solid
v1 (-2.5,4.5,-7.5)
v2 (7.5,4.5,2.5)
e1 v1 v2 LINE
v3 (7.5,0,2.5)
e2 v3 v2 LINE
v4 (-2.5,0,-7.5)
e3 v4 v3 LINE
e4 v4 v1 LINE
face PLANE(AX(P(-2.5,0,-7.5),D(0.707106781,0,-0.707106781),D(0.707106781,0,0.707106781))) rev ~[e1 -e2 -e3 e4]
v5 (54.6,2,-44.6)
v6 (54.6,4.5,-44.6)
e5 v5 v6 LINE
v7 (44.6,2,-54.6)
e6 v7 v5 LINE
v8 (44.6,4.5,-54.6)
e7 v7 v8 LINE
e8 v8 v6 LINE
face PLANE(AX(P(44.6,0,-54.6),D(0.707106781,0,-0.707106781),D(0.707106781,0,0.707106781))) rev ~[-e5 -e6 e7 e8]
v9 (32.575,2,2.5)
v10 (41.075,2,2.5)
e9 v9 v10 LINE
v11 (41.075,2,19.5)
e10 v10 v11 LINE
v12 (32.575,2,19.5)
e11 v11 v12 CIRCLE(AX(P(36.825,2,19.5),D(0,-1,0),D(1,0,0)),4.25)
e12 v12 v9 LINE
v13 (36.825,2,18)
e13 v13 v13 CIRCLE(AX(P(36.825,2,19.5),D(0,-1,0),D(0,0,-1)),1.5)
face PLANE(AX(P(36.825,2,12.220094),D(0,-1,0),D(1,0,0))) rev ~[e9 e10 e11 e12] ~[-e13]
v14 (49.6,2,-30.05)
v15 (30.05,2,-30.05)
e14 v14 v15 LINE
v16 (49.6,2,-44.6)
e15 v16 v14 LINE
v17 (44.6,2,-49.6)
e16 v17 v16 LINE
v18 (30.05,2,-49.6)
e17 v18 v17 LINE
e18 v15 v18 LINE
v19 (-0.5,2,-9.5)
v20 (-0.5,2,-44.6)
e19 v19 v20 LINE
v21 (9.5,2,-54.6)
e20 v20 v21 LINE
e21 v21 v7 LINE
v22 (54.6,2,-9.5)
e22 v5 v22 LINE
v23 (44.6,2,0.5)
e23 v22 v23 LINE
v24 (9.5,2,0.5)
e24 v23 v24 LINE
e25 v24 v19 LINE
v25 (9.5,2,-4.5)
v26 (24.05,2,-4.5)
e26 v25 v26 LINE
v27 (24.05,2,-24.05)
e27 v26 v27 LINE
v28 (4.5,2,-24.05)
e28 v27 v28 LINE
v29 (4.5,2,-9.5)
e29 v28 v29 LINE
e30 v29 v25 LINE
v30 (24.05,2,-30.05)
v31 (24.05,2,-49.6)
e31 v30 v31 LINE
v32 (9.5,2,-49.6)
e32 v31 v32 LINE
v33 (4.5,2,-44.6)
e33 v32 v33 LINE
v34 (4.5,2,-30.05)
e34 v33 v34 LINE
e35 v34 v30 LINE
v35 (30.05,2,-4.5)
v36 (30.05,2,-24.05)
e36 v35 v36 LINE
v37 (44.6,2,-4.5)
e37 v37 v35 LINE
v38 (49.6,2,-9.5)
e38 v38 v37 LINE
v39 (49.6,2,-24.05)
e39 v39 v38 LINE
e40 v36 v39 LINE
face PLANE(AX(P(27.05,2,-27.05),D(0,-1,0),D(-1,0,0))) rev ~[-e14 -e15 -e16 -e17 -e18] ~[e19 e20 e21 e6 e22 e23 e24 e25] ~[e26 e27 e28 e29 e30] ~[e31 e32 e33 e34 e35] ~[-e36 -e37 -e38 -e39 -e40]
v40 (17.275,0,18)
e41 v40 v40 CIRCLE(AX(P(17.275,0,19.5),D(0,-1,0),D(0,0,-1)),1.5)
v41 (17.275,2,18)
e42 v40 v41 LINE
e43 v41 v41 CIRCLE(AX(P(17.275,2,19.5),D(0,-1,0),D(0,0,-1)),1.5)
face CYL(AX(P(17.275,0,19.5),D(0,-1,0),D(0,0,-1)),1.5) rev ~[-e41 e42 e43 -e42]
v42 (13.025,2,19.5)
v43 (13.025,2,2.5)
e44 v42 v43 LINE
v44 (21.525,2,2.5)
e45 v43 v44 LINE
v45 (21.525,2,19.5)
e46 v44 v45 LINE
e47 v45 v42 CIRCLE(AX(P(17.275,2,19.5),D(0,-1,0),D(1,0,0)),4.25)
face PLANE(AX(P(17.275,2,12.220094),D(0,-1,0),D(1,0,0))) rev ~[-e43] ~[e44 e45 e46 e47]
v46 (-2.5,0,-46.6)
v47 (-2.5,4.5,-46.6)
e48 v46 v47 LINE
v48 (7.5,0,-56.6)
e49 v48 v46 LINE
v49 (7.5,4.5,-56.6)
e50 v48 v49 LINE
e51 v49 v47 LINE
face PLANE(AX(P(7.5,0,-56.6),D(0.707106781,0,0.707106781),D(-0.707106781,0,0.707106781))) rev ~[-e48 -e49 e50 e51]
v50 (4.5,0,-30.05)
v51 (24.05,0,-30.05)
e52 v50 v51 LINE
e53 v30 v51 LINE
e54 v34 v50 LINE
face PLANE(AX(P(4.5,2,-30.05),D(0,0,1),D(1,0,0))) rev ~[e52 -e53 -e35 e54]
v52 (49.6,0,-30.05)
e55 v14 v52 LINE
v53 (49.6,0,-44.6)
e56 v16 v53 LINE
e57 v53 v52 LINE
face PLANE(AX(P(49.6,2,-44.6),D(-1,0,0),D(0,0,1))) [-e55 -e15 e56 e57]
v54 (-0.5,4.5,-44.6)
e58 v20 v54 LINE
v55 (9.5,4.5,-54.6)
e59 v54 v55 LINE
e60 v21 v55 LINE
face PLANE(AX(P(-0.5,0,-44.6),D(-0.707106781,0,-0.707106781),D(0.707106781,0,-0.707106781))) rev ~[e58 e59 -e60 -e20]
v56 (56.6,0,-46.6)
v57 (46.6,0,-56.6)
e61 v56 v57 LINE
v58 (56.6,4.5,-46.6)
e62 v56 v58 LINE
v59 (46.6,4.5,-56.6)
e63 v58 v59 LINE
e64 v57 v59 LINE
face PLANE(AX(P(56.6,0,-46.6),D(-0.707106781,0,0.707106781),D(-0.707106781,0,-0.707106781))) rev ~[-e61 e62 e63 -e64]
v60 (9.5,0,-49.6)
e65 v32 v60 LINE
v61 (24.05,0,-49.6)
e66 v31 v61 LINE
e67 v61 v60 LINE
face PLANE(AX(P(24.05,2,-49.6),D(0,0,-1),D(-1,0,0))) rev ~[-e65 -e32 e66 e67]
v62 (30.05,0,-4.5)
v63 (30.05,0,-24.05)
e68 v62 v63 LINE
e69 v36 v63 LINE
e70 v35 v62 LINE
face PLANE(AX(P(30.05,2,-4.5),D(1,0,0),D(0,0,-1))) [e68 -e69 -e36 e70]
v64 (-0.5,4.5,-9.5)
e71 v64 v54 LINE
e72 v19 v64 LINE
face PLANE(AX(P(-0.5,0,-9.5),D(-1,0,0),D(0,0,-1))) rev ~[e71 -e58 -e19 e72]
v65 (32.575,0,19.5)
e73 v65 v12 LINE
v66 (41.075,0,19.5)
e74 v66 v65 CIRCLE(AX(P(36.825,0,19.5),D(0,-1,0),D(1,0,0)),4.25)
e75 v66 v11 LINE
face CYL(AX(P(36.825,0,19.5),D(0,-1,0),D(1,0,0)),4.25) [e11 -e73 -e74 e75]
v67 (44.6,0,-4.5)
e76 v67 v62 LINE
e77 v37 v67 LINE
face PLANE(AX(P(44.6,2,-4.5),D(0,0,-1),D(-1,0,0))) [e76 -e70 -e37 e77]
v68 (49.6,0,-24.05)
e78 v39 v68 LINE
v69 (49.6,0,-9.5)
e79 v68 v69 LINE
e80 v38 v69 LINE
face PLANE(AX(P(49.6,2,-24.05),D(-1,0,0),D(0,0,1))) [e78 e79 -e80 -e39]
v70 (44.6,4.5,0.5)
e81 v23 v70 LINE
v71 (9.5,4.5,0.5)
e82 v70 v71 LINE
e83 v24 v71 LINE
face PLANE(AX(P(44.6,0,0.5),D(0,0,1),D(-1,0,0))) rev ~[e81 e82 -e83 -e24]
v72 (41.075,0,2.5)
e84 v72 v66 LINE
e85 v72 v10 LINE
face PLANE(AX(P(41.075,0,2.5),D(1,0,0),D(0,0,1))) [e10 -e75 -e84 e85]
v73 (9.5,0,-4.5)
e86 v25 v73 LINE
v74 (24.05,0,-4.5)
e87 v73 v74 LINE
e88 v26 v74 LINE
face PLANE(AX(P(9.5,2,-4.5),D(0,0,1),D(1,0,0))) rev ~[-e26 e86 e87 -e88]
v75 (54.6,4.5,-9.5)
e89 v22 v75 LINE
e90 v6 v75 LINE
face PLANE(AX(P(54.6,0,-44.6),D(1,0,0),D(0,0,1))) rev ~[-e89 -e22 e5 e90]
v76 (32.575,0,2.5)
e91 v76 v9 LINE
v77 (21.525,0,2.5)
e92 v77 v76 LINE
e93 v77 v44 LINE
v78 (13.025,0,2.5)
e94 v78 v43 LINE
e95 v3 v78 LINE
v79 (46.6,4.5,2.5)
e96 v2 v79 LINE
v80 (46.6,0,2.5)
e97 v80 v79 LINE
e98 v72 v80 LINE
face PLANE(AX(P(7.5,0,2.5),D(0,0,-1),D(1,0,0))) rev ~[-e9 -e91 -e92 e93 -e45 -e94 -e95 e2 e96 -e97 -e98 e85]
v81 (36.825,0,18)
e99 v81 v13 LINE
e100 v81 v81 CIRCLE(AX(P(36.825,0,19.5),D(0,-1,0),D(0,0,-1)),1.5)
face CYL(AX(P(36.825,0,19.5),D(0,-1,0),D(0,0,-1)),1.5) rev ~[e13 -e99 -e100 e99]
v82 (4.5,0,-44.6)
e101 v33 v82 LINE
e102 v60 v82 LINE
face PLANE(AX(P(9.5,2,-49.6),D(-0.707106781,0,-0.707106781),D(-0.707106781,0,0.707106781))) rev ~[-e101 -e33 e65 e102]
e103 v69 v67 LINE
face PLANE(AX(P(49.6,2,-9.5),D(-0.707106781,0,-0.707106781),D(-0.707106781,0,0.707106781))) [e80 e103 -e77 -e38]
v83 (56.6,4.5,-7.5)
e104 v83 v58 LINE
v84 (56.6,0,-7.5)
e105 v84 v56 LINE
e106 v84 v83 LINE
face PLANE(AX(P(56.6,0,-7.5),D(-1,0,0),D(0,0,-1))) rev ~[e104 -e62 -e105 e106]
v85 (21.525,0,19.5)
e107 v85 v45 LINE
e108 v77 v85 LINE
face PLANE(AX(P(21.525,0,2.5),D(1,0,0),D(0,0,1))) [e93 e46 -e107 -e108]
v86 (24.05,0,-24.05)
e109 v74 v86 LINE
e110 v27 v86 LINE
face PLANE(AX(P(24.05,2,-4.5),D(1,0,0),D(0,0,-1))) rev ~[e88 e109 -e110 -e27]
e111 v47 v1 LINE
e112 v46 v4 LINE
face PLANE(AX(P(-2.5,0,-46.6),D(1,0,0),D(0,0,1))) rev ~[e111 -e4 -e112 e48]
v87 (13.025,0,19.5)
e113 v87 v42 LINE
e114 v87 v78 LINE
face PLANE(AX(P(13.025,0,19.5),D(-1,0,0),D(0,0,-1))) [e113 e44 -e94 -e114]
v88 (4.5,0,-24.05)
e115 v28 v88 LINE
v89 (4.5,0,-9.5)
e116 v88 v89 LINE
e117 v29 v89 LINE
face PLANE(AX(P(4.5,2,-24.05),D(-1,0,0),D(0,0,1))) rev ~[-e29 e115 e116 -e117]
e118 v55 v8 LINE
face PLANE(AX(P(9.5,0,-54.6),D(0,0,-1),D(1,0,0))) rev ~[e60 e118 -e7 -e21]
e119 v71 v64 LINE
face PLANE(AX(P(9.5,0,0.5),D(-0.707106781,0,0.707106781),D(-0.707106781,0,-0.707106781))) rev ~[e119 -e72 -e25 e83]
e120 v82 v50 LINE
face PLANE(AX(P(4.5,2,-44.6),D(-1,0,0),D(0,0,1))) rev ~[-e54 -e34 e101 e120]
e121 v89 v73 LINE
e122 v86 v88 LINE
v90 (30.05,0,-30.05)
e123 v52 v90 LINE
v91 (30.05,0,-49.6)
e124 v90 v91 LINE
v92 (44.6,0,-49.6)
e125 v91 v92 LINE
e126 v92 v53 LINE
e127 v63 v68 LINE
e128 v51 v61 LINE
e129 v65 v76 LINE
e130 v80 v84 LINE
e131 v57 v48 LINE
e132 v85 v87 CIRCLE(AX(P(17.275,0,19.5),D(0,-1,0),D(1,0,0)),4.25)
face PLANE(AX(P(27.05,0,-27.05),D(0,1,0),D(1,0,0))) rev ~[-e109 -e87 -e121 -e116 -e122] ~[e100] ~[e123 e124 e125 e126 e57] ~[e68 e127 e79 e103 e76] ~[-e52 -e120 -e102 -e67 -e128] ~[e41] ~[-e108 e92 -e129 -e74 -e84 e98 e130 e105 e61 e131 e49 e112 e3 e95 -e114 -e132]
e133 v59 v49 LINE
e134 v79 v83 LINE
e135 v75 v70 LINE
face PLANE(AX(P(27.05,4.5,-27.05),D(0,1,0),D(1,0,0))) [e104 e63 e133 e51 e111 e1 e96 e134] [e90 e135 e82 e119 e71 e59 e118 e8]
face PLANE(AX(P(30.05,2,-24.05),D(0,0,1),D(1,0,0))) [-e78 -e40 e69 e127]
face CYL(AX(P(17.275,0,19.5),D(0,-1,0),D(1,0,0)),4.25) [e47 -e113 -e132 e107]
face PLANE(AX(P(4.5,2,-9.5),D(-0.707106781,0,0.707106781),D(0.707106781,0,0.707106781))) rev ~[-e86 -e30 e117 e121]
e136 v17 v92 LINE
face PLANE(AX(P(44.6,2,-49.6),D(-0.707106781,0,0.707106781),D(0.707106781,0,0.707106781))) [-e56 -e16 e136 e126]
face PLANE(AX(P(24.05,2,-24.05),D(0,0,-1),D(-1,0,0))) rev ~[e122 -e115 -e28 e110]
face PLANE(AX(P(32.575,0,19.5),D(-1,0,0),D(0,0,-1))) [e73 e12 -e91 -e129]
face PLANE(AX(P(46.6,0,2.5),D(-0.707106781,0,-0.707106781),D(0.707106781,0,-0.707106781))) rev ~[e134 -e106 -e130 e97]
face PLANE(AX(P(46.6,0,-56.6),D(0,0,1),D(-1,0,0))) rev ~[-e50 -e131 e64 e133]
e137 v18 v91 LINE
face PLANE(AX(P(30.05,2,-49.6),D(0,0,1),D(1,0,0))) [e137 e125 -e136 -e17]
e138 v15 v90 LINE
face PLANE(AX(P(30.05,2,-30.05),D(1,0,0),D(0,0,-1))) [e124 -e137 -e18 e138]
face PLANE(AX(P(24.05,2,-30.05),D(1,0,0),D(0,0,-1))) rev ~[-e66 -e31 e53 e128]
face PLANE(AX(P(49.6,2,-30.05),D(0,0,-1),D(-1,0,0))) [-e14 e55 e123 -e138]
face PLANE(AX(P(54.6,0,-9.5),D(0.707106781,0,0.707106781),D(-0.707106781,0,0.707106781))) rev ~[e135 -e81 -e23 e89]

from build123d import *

# Parameters (mm, degrees)
SALIENTE_EXTRUIR1_DEPTH      = 2
SALIENTE_EXTRUIR3_DEPTH      = 2.5
SALIENTE_EXTRUIR3_DEPTH_BACK = 2
CROQUIS4_R                   = 1.5
SALIENTE_EXTRUIR4_DEPTH      = 2
CORTAR_EXTRUIR1_DEPTH        = 2


with BuildPart() as part:
    # Croquis1 → Saliente-Extruir1 (new body)
    with BuildSketch(Plane(origin=(0, 0, 0), x_dir=(1, 0, 0), z_dir=(0, 1, 0))):
        Polygon((-0.5, 44.6), (-0.5, 9.5), (9.5, -0.5), (44.6, -0.5), (54.6, 9.5), (54.6, 44.6), (44.6, 54.6), (9.5, 54.6), align=None)
    extrude(amount=SALIENTE_EXTRUIR1_DEPTH)

    # Croquis2 → Saliente-Extruir3 (add, two sides: drawn at the far end of the back side and taken through both)
    with BuildSketch(Plane(origin=(0, 2, 0), x_dir=(1, 0, 0), z_dir=(0, 1, 0)).offset(-SALIENTE_EXTRUIR3_DEPTH_BACK)):
        Polygon((7.5, 56.6), (-2.5, 46.6), (-2.5, 7.5), (7.5, -2.5), (46.6, -2.5), (56.6, 7.5), (56.6, 46.6), (46.6, 56.6), align=None)
        Polygon((9.5, 54.6), (44.6, 54.6), (54.6, 44.6), (54.6, 9.5), (44.6, -0.5), (9.5, -0.5), (-0.5, 9.5), (-0.5, 44.6), align=None, mode=Mode.SUBTRACT)
    extrude(amount=SALIENTE_EXTRUIR3_DEPTH + SALIENTE_EXTRUIR3_DEPTH_BACK)

    # Croquis4 → Saliente-Extruir4 (add)
    # profile 1 of 2: a face of its own
    with BuildSketch(Plane.XZ):
        with BuildLine():
            Line((13.025, 2.5), (21.525, 2.5))
            Line((21.525, 2.5), (21.525, 19.5))
            ThreePointArc((21.525, 19.5), (17.275, 23.75), (13.025, 19.5))
            Line((13.025, 19.5), (13.025, 2.5))
        make_face()
        with Locations((17.275, 19.5)):
            Circle(CROQUIS4_R, mode=Mode.SUBTRACT)
    # profile 2 of 2: a face of its own
    with BuildSketch(Plane.XZ):
        with BuildLine():
            Line((32.575, 19.5), (32.575, 2.5))
            Line((32.575, 2.5), (41.075, 2.5))
            Line((41.075, 2.5), (41.075, 19.5))
            ThreePointArc((41.075, 19.5), (36.825, 23.75), (32.575, 19.5))
        make_face()
        with Locations((36.825, 19.5)):
            Circle(CROQUIS4_R, mode=Mode.SUBTRACT)
    extrude(amount=-SALIENTE_EXTRUIR4_DEPTH)

    # Croquis6 → Cortar-Extruir1 (cut)
    with BuildSketch(Plane(origin=(0, 2, 0), x_dir=(1, 0, 0), z_dir=(0, 1, 0))):
        Polygon((9.5, 49.6), (4.5, 44.6), (4.5, 30.05), (24.05, 30.05), (24.05, 49.6), align=None)
        Polygon((4.5, 24.05), (4.5, 9.5), (9.5, 4.5), (24.05, 4.5), (24.05, 24.05), align=None)
        Polygon((30.05, 4.5), (44.6, 4.5), (49.6, 9.5), (49.6, 24.05), (30.05, 24.05), align=None)
        Polygon((49.6, 30.05), (49.6, 44.6), (44.6, 49.6), (30.05, 49.6), (30.05, 30.05), align=None)
    extrude(amount=-CORTAR_EXTRUIR1_DEPTH, mode=Mode.SUBTRACT)


solid = part.part
